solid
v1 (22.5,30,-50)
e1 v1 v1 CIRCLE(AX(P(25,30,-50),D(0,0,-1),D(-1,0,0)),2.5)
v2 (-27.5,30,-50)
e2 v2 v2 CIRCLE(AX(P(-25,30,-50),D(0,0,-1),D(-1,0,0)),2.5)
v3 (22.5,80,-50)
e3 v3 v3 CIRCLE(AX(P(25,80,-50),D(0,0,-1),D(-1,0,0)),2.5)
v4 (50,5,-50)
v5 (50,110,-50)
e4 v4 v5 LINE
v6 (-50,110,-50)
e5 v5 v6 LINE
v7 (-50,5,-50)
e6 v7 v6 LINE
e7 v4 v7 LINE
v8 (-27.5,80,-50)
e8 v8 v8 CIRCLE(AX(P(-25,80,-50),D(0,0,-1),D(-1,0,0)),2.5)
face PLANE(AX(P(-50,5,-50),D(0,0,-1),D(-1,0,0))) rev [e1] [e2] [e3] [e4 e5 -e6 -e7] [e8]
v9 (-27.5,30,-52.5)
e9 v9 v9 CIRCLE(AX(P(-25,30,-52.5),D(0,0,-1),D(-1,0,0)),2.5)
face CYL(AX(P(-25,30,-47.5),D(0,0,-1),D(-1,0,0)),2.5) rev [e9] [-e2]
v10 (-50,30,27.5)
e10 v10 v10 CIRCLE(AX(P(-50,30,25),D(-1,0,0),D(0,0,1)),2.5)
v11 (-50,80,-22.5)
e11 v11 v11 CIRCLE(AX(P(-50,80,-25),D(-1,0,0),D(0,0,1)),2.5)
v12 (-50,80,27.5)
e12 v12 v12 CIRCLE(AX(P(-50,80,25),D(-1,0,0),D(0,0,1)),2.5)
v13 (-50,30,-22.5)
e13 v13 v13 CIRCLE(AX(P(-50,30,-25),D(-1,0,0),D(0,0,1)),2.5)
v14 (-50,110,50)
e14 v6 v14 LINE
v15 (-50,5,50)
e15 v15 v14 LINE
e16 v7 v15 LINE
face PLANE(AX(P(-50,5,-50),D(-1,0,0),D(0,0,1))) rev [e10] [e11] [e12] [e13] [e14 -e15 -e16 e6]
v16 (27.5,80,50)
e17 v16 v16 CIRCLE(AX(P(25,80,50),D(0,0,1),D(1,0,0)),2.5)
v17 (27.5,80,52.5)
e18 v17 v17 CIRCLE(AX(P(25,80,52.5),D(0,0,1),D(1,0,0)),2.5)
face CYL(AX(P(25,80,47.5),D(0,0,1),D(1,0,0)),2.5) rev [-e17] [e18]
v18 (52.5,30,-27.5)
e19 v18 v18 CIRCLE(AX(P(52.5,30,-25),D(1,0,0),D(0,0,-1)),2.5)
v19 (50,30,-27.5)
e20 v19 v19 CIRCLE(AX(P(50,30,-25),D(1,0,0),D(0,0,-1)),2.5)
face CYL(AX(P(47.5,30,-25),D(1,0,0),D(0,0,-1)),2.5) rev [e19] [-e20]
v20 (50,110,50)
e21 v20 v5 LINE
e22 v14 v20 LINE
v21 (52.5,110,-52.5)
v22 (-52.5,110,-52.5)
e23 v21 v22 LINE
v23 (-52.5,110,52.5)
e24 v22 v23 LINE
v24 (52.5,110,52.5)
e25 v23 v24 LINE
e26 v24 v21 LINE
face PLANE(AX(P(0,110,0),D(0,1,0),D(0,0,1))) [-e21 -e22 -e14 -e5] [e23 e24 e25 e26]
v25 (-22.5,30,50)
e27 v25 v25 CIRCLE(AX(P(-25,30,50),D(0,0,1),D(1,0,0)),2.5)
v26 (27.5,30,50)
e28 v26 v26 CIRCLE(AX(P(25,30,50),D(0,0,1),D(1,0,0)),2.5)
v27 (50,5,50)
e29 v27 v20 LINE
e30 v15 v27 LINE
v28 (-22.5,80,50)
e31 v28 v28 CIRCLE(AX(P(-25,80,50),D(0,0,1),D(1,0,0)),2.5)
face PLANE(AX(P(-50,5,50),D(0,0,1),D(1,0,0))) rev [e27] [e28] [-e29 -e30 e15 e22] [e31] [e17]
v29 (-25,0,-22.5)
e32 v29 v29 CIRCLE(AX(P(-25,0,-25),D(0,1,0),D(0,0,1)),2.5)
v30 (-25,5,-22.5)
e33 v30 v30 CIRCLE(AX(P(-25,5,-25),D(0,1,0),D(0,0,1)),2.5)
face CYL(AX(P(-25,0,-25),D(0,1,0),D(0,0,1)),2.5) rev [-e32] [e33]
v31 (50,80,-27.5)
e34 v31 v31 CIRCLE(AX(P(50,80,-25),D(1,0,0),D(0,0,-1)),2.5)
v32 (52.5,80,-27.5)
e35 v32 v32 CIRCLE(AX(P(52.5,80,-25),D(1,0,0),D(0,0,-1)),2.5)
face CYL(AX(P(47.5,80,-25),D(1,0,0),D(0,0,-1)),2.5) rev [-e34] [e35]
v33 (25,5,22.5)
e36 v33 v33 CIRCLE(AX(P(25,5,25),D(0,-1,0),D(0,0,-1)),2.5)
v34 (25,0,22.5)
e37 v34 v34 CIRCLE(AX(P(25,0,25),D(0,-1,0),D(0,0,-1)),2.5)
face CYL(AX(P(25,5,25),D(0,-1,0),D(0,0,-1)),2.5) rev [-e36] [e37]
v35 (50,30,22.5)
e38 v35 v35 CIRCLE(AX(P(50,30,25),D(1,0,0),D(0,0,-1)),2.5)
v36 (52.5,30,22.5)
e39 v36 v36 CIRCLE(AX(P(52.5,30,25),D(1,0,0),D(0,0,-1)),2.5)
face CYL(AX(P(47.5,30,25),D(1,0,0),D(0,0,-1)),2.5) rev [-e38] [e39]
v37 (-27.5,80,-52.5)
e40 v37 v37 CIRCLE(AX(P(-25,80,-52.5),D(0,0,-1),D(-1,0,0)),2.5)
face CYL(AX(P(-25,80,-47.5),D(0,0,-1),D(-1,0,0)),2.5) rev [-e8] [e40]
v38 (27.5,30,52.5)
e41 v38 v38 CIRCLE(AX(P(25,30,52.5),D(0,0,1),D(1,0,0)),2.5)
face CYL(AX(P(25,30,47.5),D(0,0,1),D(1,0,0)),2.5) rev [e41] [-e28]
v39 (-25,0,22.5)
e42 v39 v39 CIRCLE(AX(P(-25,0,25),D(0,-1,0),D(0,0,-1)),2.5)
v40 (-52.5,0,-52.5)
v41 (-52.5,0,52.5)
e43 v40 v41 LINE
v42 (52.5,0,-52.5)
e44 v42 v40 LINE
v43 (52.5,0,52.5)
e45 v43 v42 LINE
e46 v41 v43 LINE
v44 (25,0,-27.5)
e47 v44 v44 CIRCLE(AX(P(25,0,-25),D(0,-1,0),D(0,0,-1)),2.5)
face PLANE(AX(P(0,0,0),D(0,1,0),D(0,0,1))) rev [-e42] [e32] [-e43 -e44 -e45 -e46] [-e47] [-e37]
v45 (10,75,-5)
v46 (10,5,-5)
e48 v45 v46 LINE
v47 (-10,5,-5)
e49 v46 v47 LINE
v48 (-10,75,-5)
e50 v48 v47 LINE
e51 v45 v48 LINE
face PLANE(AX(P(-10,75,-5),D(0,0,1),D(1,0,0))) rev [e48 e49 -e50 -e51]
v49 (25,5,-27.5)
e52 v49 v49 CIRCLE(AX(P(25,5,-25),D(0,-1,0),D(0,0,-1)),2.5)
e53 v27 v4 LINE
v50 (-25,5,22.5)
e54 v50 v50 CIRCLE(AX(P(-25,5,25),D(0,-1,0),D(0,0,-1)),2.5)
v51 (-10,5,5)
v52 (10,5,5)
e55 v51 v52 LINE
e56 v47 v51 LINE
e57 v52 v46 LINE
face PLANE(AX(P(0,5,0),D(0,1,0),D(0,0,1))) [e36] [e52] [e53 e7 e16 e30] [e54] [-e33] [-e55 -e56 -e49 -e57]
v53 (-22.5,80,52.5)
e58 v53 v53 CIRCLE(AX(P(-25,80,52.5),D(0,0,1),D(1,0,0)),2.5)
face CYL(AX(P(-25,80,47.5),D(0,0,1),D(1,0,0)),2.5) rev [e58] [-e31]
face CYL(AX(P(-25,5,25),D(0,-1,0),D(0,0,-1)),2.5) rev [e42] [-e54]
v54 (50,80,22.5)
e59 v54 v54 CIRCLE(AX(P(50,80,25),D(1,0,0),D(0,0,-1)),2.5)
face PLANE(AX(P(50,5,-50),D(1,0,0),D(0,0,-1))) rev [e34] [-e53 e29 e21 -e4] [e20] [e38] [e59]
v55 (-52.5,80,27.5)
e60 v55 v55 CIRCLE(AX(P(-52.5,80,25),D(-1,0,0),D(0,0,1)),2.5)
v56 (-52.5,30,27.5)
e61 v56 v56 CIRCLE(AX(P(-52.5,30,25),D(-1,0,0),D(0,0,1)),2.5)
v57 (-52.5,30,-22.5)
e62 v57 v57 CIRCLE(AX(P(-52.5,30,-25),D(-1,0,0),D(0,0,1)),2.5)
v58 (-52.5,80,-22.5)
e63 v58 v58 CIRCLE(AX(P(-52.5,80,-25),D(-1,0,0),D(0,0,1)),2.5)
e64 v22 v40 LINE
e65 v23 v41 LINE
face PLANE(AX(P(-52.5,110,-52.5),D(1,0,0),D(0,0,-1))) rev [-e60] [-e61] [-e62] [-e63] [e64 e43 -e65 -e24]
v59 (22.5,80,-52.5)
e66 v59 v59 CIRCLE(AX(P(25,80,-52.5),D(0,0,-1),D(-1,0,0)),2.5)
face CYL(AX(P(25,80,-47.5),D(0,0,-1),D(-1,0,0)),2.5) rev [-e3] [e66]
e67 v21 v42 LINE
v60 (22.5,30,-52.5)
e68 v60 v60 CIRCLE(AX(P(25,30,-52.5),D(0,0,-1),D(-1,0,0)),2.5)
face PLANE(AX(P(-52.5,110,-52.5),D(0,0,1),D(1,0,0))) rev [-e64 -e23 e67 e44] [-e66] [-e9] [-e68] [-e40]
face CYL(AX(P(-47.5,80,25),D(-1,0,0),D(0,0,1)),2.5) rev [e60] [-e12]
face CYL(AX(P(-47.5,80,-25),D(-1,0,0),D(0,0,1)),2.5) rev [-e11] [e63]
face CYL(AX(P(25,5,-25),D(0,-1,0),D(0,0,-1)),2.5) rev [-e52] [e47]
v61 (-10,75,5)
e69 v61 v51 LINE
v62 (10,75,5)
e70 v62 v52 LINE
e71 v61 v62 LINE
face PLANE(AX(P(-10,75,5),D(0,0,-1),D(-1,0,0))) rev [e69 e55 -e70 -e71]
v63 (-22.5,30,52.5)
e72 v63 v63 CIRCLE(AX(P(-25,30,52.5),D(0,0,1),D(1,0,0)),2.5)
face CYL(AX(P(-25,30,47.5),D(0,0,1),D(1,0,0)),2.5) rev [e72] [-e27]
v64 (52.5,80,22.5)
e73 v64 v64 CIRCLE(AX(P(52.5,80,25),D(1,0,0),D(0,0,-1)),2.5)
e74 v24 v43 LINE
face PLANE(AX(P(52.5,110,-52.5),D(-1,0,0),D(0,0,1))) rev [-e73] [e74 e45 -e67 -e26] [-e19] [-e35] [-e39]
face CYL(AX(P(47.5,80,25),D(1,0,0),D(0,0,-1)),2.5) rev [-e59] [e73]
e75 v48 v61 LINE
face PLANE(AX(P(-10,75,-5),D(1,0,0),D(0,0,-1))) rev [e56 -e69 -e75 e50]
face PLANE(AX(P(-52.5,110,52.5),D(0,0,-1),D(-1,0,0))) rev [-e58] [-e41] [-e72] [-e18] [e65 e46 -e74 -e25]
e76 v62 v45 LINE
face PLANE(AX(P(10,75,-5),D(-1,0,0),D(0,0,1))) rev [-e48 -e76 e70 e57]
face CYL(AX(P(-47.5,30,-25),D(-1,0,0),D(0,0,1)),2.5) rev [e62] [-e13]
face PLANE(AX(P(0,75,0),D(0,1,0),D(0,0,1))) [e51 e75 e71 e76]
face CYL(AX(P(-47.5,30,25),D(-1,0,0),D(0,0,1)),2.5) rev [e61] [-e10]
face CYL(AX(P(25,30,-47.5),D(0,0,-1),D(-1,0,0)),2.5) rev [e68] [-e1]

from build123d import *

# Parameters (mm, degrees)
SKETCH2_W           = 105
SKETCH2_H           = 105
BOSS_EXTRUDE2_DEPTH = 110
SKETCH3_W           = 100
SKETCH3_H           = 100
CUT_EXTRUDE1_DEPTH  = 105
SKETCH4_R           = 2.5
CUT_EXTRUDE2_DEPTH  = 5
SKETCH5_R           = 2.5
CUT_EXTRUDE3_DEPTH  = 5
SKETCH6_R           = 2.5
CUT_EXTRUDE4_DEPTH  = 5
SKETCH7_R           = 2.5
CUT_EXTRUDE5_DEPTH  = 5
SKETCH8_R           = 2.5
CUT_EXTRUDE12_DEPTH = 5
SKETCH13_R          = 2.5
CUT_EXTRUDE13_DEPTH = 5
SKETCH14_R          = 2.5
CUT_EXTRUDE14_DEPTH = 5
SKETCH15_R          = 2.5
CUT_EXTRUDE15_DEPTH = 5
SKETCH16_R          = 2.5
CUT_EXTRUDE16_DEPTH = 5
SKETCH17_R          = 2.5
CUT_EXTRUDE17_DEPTH = 5
SKETCH18_R          = 2.5
CUT_EXTRUDE18_DEPTH = 5
SKETCH19_R          = 2.5
CUT_EXTRUDE19_DEPTH = 5
CUT_EXTRUDE20_START = -5
SKETCH20_R          = 2.5
CUT_EXTRUDE20_DEPTH = 5
CUT_EXTRUDE21_START = -5
SKETCH21_R          = 2.5
CUT_EXTRUDE21_DEPTH = 5
CUT_EXTRUDE22_START = -5
SKETCH22_R          = 2.5
CUT_EXTRUDE22_DEPTH = 5
CUT_EXTRUDE23_START = -5
SKETCH23_R          = 2.5
CUT_EXTRUDE23_DEPTH = 5
CUT_EXTRUDE24_START = -5
SKETCH24_R          = 2.5
CUT_EXTRUDE24_DEPTH = 5
CUT_EXTRUDE25_START = -5
SKETCH25_R          = 2.5
CUT_EXTRUDE25_DEPTH = 5
CUT_EXTRUDE26_START = -5
SKETCH26_R          = 2.5
CUT_EXTRUDE26_DEPTH = 5
CUT_EXTRUDE27_START = -5
SKETCH27_R          = 2.5
CUT_EXTRUDE27_DEPTH = 5
SKETCH28_W          = 20
SKETCH28_H          = 10
BOSS_EXTRUDE3_DEPTH = 70


with BuildPart() as part:
    # Sketch2 → Boss-Extrude2 (new body)
    with BuildSketch(Plane(origin=(0, 0, 0), x_dir=(1, 0, 0), z_dir=(0, 1, 0))):
        Rectangle(SKETCH2_W, SKETCH2_H)
    extrude(amount=BOSS_EXTRUDE2_DEPTH)

    # Sketch3 → Cut-Extrude1 (cut)
    with BuildSketch(Plane(origin=(0, 110, 0), x_dir=(1, 0, 0), z_dir=(0, 1, 0))):
        Rectangle(SKETCH3_W, SKETCH3_H)
    extrude(amount=-CUT_EXTRUDE1_DEPTH, mode=Mode.SUBTRACT)

    # Sketch4 → Cut-Extrude2 (cut)
    with BuildSketch(Plane(origin=(0, 5, 0), x_dir=(1, 0, 0), z_dir=(0, 1, 0))):
        with Locations(Location((-25, 25, 0), (0, 0, 270))):
            Circle(SKETCH4_R)
    extrude(amount=-CUT_EXTRUDE2_DEPTH, mode=Mode.SUBTRACT)

    # Sketch5 → Cut-Extrude3 (cut)
    with BuildSketch(Plane.XZ):
        with Locations(Location((25, -25, 0), (0, 0, 270))):
            Circle(SKETCH5_R)
    extrude(amount=-CUT_EXTRUDE3_DEPTH, mode=Mode.SUBTRACT)

    # Sketch6 → Cut-Extrude4 (cut)
    with BuildSketch(Plane.XZ):
        with Locations(Location((25, 25, 0), (0, 0, 270))):
            Circle(SKETCH6_R)
    extrude(amount=-CUT_EXTRUDE4_DEPTH, mode=Mode.SUBTRACT)

    # Sketch7 → Cut-Extrude5 (cut)
    with BuildSketch(Plane.XZ):
        with Locations(Location((-25, 25, 0), (0, 0, 270))):
            Circle(SKETCH7_R)
    extrude(amount=-CUT_EXTRUDE5_DEPTH, mode=Mode.SUBTRACT)

    # Sketch8 → Cut-Extrude12 (cut)
    with BuildSketch(Plane.ZY.offset(52.5)):
        with Locations((-25, 80)):
            Circle(SKETCH8_R)
    extrude(amount=-CUT_EXTRUDE12_DEPTH, mode=Mode.SUBTRACT)

    # Sketch13 → Cut-Extrude13 (cut)
    with BuildSketch(Plane.ZY.offset(52.5)):
        with Locations((-25, 30)):
            Circle(SKETCH13_R)
    extrude(amount=-CUT_EXTRUDE13_DEPTH, mode=Mode.SUBTRACT)

    # Sketch14 → Cut-Extrude14 (cut)
    with BuildSketch(Plane.ZY.offset(52.5)):
        with Locations((25, 80)):
            Circle(SKETCH14_R)
    extrude(amount=-CUT_EXTRUDE14_DEPTH, mode=Mode.SUBTRACT)

    # Sketch15 → Cut-Extrude15 (cut)
    with BuildSketch(Plane.ZY.offset(52.5)):
        with Locations((25, 30)):
            Circle(SKETCH15_R)
    extrude(amount=-CUT_EXTRUDE15_DEPTH, mode=Mode.SUBTRACT)

    # Sketch16 → Cut-Extrude16 (cut)
    with BuildSketch(Plane(origin=(0, 0, -52.5), x_dir=(-1, 0, 0), z_dir=(0, 0, -1))):
        with Locations((25, 80)):
            Circle(SKETCH16_R)
    extrude(amount=-CUT_EXTRUDE16_DEPTH, mode=Mode.SUBTRACT)

    # Sketch17 → Cut-Extrude17 (cut)
    with BuildSketch(Plane(origin=(0, 0, -52.5), x_dir=(-1, 0, 0), z_dir=(0, 0, -1))):
        with Locations((25, 30)):
            Circle(SKETCH17_R)
    extrude(amount=-CUT_EXTRUDE17_DEPTH, mode=Mode.SUBTRACT)

    # Sketch18 → Cut-Extrude18 (cut)
    with BuildSketch(Plane(origin=(0, 0, -52.5), x_dir=(-1, 0, 0), z_dir=(0, 0, -1))):
        with Locations((-25, 80)):
            Circle(SKETCH18_R)
    extrude(amount=-CUT_EXTRUDE18_DEPTH, mode=Mode.SUBTRACT)

    # Sketch19 → Cut-Extrude19 (cut)
    with BuildSketch(Plane(origin=(0, 0, -52.5), x_dir=(-1, 0, 0), z_dir=(0, 0, -1))):
        with Locations((-25, 30)):
            Circle(SKETCH19_R)
    extrude(amount=-CUT_EXTRUDE19_DEPTH, mode=Mode.SUBTRACT)

    # Sketch20 → Cut-Extrude20 (cut)
    with BuildSketch(Plane(origin=(52.5, 0, 0), x_dir=(0, 0, -1), z_dir=(1, 0, 0)).offset(CUT_EXTRUDE20_START)):
        with Locations(Location((25, 80, 0), (0, 0, 180))):
            Circle(SKETCH20_R)
    extrude(amount=CUT_EXTRUDE20_DEPTH, mode=Mode.SUBTRACT)

    # Sketch21 → Cut-Extrude21 (cut)
    with BuildSketch(Plane(origin=(52.5, 0, 0), x_dir=(0, 0, -1), z_dir=(1, 0, 0)).offset(CUT_EXTRUDE21_START)):
        with Locations(Location((-25, 80, 0), (0, 0, 180))):
            Circle(SKETCH21_R)
    extrude(amount=CUT_EXTRUDE21_DEPTH, mode=Mode.SUBTRACT)

    # Sketch22 → Cut-Extrude22 (cut)
    with BuildSketch(Plane(origin=(52.5, 0, 0), x_dir=(0, 0, -1), z_dir=(1, 0, 0)).offset(CUT_EXTRUDE22_START)):
        with Locations(Location((25, 30, 0), (0, 0, 180))):
            Circle(SKETCH22_R)
    extrude(amount=CUT_EXTRUDE22_DEPTH, mode=Mode.SUBTRACT)

    # Sketch23 → Cut-Extrude23 (cut)
    with BuildSketch(Plane(origin=(52.5, 0, 0), x_dir=(0, 0, -1), z_dir=(1, 0, 0)).offset(CUT_EXTRUDE23_START)):
        with Locations(Location((-25, 30, 0), (0, 0, 180))):
            Circle(SKETCH23_R)
    extrude(amount=CUT_EXTRUDE23_DEPTH, mode=Mode.SUBTRACT)

    # Sketch24 → Cut-Extrude24 (cut)
    with BuildSketch(Plane.XY.offset(52.5).offset(CUT_EXTRUDE24_START)):
        with Locations(Location((-25, 80, 0), (0, 0, 180))):
            Circle(SKETCH24_R)
    extrude(amount=CUT_EXTRUDE24_DEPTH, mode=Mode.SUBTRACT)

    # Sketch25 → Cut-Extrude25 (cut)
    with BuildSketch(Plane.XY.offset(52.5).offset(CUT_EXTRUDE25_START)):
        with Locations(Location((25, 80, 0), (0, 0, 180))):
            Circle(SKETCH25_R)
    extrude(amount=CUT_EXTRUDE25_DEPTH, mode=Mode.SUBTRACT)

    # Sketch26 → Cut-Extrude26 (cut)
    with BuildSketch(Plane.XY.offset(52.5).offset(CUT_EXTRUDE26_START)):
        with Locations(Location((-25, 30, 0), (0, 0, 180))):
            Circle(SKETCH26_R)
    extrude(amount=CUT_EXTRUDE26_DEPTH, mode=Mode.SUBTRACT)

    # Sketch27 → Cut-Extrude27 (cut)
    with BuildSketch(Plane.XY.offset(52.5).offset(CUT_EXTRUDE27_START)):
        with Locations(Location((25, 30, 0), (0, 0, 180))):
            Circle(SKETCH27_R)
    extrude(amount=CUT_EXTRUDE27_DEPTH, mode=Mode.SUBTRACT)

    # Sketch28 → Boss-Extrude3 (add)
    with BuildSketch(Plane(origin=(0, 5, 0), x_dir=(1, 0, 0), z_dir=(0, 1, 0))):
        Rectangle(SKETCH28_W, SKETCH28_H)
    extrude(amount=BOSS_EXTRUDE3_DEPTH)


solid = part.part
